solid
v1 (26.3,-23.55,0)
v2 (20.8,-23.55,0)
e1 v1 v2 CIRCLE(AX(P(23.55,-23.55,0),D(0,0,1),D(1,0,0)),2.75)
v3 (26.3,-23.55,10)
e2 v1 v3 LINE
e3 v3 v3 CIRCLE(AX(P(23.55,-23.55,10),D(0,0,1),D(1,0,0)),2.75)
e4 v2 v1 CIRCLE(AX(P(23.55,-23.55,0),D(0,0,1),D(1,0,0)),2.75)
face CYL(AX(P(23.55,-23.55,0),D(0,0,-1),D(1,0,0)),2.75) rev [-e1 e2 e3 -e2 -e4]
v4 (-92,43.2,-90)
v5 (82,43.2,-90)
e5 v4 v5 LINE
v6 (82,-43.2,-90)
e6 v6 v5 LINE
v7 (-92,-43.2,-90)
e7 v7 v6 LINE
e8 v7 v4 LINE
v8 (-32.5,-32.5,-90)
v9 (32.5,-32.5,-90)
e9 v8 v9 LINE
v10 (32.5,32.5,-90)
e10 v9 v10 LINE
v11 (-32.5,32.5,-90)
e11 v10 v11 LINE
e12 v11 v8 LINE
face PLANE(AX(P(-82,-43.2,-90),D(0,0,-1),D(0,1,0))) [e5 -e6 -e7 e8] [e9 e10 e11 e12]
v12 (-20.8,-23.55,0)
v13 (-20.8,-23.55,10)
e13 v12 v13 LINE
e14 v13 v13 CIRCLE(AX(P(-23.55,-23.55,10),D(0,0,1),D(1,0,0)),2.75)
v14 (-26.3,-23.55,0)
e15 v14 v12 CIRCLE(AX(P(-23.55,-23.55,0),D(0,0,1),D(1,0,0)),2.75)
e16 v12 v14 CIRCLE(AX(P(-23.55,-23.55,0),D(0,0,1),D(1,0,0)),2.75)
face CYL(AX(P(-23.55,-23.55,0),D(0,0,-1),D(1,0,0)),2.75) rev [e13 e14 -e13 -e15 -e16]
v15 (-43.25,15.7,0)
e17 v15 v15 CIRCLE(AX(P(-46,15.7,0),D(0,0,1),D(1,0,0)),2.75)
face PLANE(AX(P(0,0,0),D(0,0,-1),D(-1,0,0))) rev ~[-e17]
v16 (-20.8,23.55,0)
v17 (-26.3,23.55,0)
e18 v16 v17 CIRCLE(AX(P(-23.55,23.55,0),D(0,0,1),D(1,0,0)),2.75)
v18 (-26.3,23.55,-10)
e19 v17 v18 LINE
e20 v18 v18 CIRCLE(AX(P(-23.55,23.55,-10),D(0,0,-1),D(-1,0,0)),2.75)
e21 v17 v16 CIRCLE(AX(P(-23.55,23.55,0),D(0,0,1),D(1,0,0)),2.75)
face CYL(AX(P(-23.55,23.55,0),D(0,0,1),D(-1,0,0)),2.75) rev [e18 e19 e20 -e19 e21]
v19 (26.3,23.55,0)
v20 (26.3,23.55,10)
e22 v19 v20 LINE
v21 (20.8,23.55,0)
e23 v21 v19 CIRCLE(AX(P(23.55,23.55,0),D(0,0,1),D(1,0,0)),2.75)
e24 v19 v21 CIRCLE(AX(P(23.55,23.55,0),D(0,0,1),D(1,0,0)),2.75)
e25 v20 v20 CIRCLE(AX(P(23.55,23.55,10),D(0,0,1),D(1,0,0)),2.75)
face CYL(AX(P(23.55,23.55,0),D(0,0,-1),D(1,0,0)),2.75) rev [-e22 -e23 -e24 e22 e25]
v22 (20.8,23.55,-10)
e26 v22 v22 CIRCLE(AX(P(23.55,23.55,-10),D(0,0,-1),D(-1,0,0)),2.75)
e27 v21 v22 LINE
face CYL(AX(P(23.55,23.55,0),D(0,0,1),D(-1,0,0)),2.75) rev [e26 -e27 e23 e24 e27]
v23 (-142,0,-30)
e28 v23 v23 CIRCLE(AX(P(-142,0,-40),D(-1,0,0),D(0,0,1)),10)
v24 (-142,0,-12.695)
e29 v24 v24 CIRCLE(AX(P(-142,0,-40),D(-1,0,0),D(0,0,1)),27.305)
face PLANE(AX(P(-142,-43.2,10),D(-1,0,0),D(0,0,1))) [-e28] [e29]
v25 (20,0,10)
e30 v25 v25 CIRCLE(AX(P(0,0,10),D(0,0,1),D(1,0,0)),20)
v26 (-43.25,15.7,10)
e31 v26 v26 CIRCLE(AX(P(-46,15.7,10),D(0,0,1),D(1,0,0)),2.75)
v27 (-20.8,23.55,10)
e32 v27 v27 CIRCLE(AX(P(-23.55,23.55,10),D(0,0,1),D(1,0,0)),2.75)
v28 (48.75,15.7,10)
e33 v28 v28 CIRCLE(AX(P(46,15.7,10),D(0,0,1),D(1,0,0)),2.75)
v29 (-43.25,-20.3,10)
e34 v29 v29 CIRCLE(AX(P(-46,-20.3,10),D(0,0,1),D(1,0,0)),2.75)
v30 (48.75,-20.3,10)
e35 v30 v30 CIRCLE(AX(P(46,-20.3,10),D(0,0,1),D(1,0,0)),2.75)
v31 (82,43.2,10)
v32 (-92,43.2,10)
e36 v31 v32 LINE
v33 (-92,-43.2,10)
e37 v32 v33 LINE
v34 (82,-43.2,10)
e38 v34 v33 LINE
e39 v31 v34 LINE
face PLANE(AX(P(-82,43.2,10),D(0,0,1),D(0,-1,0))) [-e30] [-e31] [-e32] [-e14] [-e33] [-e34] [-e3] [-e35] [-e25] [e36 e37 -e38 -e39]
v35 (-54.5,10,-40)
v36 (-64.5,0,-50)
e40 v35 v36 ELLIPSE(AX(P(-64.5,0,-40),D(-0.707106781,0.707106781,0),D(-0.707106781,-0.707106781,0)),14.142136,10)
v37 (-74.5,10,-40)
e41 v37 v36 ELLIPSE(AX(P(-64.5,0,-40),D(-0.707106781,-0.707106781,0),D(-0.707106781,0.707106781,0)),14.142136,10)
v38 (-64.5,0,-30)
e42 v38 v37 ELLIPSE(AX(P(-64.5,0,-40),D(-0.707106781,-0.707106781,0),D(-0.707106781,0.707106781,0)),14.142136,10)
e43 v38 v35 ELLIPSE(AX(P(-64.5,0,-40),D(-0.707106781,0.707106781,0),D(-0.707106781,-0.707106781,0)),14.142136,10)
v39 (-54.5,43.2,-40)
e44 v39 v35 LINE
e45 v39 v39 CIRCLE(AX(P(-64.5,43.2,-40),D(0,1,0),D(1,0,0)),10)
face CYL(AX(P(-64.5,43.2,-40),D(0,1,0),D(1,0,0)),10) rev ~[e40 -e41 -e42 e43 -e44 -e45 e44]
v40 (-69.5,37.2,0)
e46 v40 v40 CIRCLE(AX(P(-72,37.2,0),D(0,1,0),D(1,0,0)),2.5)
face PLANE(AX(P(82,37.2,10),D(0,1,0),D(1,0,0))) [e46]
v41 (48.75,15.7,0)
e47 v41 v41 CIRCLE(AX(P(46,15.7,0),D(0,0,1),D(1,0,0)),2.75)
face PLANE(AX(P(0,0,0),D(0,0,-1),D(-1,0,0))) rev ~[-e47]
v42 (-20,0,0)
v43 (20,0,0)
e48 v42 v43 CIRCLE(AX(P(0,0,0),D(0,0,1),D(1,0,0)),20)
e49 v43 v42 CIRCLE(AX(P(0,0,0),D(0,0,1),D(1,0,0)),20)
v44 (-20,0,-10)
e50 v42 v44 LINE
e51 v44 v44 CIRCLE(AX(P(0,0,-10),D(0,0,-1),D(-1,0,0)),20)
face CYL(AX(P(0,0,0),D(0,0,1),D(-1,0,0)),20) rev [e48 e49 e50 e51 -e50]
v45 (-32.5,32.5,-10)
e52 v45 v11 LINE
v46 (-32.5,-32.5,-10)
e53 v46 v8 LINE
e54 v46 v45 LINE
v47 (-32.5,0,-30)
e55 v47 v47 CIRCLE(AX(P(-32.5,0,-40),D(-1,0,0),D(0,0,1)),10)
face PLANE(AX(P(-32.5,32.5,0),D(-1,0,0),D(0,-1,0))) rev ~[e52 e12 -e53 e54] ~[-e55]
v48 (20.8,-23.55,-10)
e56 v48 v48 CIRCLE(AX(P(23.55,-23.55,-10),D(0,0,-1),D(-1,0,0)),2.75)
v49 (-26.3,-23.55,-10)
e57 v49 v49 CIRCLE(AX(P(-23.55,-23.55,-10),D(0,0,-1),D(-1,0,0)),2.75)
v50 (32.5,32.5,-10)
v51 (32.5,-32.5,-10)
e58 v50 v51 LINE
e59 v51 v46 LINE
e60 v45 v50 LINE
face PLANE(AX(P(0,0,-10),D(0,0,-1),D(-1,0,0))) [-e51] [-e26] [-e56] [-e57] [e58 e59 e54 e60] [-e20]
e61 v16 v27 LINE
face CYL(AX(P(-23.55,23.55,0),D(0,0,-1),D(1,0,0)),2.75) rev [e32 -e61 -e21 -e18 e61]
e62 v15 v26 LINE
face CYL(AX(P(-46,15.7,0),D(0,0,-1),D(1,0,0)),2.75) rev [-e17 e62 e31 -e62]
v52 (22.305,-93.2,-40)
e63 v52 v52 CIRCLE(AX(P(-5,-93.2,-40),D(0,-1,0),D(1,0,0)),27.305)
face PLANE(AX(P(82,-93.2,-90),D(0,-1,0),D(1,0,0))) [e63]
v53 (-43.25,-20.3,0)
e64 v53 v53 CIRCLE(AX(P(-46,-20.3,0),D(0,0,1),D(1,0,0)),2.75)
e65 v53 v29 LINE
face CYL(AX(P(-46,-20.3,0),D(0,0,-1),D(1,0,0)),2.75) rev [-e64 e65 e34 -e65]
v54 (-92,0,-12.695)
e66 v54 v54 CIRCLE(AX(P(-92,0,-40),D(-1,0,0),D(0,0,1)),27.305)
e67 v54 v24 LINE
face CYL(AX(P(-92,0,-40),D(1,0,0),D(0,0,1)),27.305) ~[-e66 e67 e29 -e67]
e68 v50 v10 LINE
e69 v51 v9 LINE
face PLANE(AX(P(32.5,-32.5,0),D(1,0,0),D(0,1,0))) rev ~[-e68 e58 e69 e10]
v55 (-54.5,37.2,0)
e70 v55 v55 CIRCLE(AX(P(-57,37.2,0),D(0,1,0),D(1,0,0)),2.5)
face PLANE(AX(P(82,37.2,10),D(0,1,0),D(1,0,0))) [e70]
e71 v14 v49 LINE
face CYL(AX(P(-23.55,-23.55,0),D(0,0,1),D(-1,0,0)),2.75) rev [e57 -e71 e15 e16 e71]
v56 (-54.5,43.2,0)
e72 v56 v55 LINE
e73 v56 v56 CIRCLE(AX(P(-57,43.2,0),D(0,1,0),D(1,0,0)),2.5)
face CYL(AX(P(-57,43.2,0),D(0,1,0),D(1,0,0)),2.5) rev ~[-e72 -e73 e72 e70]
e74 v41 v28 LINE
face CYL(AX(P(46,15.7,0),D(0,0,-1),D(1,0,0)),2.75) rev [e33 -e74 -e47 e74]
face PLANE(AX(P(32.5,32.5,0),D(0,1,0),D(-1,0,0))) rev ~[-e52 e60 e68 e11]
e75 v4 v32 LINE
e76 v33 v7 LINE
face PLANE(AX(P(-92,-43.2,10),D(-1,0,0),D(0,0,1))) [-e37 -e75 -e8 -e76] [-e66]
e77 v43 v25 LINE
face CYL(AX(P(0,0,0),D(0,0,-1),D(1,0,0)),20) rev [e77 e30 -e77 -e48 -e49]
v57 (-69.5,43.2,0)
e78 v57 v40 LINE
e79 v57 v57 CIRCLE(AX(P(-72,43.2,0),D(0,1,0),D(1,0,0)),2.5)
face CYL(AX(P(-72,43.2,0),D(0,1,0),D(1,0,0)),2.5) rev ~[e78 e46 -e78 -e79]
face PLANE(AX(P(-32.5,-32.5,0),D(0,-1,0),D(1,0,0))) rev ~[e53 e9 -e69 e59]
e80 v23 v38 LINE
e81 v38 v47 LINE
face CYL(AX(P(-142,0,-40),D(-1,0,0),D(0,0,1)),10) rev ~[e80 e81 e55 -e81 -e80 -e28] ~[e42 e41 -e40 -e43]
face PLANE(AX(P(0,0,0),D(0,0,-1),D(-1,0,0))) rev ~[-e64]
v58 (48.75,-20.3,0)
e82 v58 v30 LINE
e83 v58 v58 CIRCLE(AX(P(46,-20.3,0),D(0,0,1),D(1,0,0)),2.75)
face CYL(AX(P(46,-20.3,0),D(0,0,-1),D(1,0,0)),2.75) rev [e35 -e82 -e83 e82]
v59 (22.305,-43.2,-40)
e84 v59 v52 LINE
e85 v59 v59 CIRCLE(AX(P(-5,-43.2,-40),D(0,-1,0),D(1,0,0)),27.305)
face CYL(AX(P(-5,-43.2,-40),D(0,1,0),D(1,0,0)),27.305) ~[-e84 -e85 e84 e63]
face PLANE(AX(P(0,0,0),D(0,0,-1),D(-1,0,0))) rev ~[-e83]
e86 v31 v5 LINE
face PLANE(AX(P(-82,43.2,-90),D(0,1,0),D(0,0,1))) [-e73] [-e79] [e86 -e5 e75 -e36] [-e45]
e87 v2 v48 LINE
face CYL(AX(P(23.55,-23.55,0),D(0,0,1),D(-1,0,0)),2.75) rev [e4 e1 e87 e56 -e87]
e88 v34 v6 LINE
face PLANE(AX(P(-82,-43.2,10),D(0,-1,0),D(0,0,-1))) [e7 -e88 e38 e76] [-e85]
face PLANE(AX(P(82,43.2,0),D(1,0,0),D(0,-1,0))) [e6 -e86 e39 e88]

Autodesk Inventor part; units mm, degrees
ref_plane "YZ Plane" through (0, 0, 0) normal (1, 0, 0) x (0, 1, 0)
ref_plane "XZ Plane" through (0, 0, 0) normal (0, 1, 0) x (-1, 0, 0)
ref_plane "XY Plane" through (0, 0, 0) normal (0, 0, 1) x (1, 0, 0)
sketch "Sketch1" plane through (0, 0, 0) normal (0, 0, 1) x (1, 0, 0)
  line L0 (-23.55, 23.55) -> (23.55, 23.55) construction
  line L1 (23.55, 23.55) -> (23.55, -23.55) construction
  line L2 (23.55, -23.55) -> (-23.55, -23.55) construction
  line L3 (-23.55, -23.55) -> (-23.55, 23.55) construction
  line L4 (0, 23.55) -> (0, -23.55) construction
  line L5 (-23.55, 0) -> (23.55, 0) construction
  circle A0 centre (-23.55, 23.55) radius 2.75
  circle A1 centre (23.55, 23.55) radius 2.75
  circle A2 centre (-23.55, -23.55) radius 2.75
  circle A3 centre (23.55, -23.55) radius 2.75
  circle A4 centre (0, 0) radius 20
  line L6 (-28.2, 28.2) -> (28.2, 28.2) construction
  line L7 (28.2, 28.2) -> (28.2, -28.2) construction
  line L8 (28.2, -28.2) -> (-28.2, -28.2) construction
  line L9 (-28.2, -28.2) -> (-28.2, 28.2) construction
  line L10 (-28.2, 0) -> (28.2, 0) construction
  line L11 (0, -28.2) -> (0, 28.2) construction
  line L12 (-60, 21.2) -> (-32, 21.2) construction
  line L13 (-32, 21.2) -> (-32, -25.8) construction
  line L14 (-32, -25.8) -> (-60, -25.8) construction
  line L15 (-60, -25.8) -> (-60, 21.2) construction
  line L16 (-46, 21.2) -> (-46, -25.8) construction
  line L17 (-60, -2.3) -> (-32, -2.3) construction
  circle A5 centre (-46, 15.7) radius 2.75
  circle A6 centre (-46, -20.3) radius 2.75
  line L18 (60, 21.2) -> (32, 21.2) construction
  line L19 (32, 21.2) -> (32, -25.8) construction
  line L20 (32, -25.8) -> (60, -25.8) construction
  line L21 (60, -25.8) -> (60, 21.2) construction
  line L22 (46, 21.2) -> (46, -25.8) construction
  line L23 (60, -2.3) -> (32, -2.3) construction
  circle A7 centre (46, 15.7) radius 2.75
  circle A8 centre (46, -20.3) radius 2.75
  line L24 (-82, 43.2) -> (82, 43.2)
  line L25 (82, 43.2) -> (82, -43.2)
  line L26 (82, -43.2) -> (-82, -43.2)
  line L27 (-82, -43.2) -> (-82, 43.2)
  point P0 (0, 0)
  dimension "d0" = 47.1
  dimension "d1" = 47.1
  dimension "d2" = 5.5
  dimension "d4" = 40
  dimension "d5" = 56.4
  dimension "d6" = 56.4
  dimension "d9" = 46
  dimension "d10" = 47
  dimension "d11" = 28
  dimension "d12" = 5.5
  dimension "d13" = 36
  dimension "d14" = 22
  dimension "d15" = 15
  dimension "d18" = 2.3
extrude "Extrusion1" add sketch "Sketch1" along normal blind 10
sketch "Sketch2" plane through (0, 0, 0) normal (0, 0, -1) x (-1, 0, 0)
  line L0 (32.5, -32.5) -> (-32.5, -32.5)
  line L1 (-32.5, -32.5) -> (-32.5, 32.5)
  line L2 (-32.5, 32.5) -> (32.5, 32.5)
  line L3 (32.5, 32.5) -> (32.5, -32.5)
  line L4 (0, 32.5) -> (0, -32.5) construction
  line L5 (-32.5, 0) -> (32.5, 0) construction
  line L6 (-82, -43.2) -> (-82, 43.2) projected
  line L7 (82, -43.2) -> (-82, -43.2) projected
  line L8 (-82, 43.2) -> (82, 43.2)
  line L9 (82, 43.2) -> (82, -43.2)
  line L10 (82, -43.2) -> (-82, -43.2)
  line L11 (-82, -43.2) -> (-82, 43.2)
  point P0 (0, 0)
  point P1 (0, 0)
  dimension "d19" = 65
  dimension "d20" = 65
extrude "Extrusion2" add sketch "Sketch2" along normal blind 90
sketch "Sketch3" plane through (0, 0, 0) normal (0, 0, -1) x (-1, 0, 0)
  line L0 (32.5, -32.5) -> (32.5, 32.5) projected
  line L1 (32.5, 32.5) -> (-32.5, 32.5) projected
  line L2 (-32.5, 32.5) -> (-32.5, -32.5) projected
  line L3 (-32.5, -32.5) -> (32.5, -32.5) projected
  circle A0 centre (23.55, 23.55) radius 2.75 projected
  circle A1 centre (-23.55, 23.55) radius 2.75 projected
  circle A2 centre (23.55, -23.55) radius 2.75 projected
  circle A3 centre (-23.55, -23.55) radius 2.75 projected
  circle A4 centre (0, 0) radius 20 projected
extrude "Extrusion3" add sketch "Sketch3" along normal blind 10
sketch "Sketch4" plane through (-82, -43.2, 10) normal (-1, 0, 0) x (0, 0, 1)
  line L0 (0, 0) -> (-100, 0) projected
  line L1 (0, 86.4) -> (0, 0) projected
  line L2 (-100, 86.4) -> (0, 86.4) projected
  line L3 (-100, 0) -> (-100, 86.4) projected
  point P0 (-10, 43.2)
extrude "Extrusion4" add sketch "Sketch4" along normal blind 10
sketch "Sketch5" plane through (82, -43.2, -90) normal (0, -1, 0) x (1, 0, 0)
  line L0 (-174, 0) -> (-174, 100) construction
  line L1 (-174, 50) -> (0, 50) construction
  line L2 (0, 0) -> (0, 100) construction
  line L3 (0, 100) -> (-174, 100) construction
  line L4 (-87, 100) -> (-87, 0) construction
  line L5 (0, 0) -> (-174, 0) construction
  circle A0 centre (-87, 50) radius 27.305
  point P0 (-82, 90)
  dimension "d27" = 54.61
extrude "Extrusion5" add sketch "Sketch5" along normal blind 50
sketch "Sketch6" plane through (-92, -43.2, 10) normal (-1, 0, 0) x (0, 0, 1)
  line L0 (-100, 75.7) -> (-100, 10.7) construction
  line L1 (-100, 43.2) -> (0, 43.2) construction
  line L2 (0, 0) -> (0, 86.4) construction
  line L3 (-100, 86.4) -> (0, 86.4) construction
  line L4 (-50, 86.4) -> (-50, 0) construction
  line L5 (-100, 0) -> (0, 0) construction
  circle A0 centre (-50, 43.2) radius 27.305
  point P0 (-10, 43.2)
  dimension "d30" = 54.61
extrude "Extrusion6" add sketch "Sketch6" along normal blind 50
sketch "Sketch7" plane through (-142, 0, -40) normal (-1, 0, 0) x (0, 0, 1)
  circle A0 centre (0, 0) radius 27.305 projected
  circle A1 centre (0, 0) radius 10
  point P0 (40, 0)
  dimension "d33" = 20
extrude "Extrusion7" cut sketch "Sketch7" against normal up to surface (109.5 mm away) contours A1
sketch "Sketch8" plane through (82, 43.2, 10) normal (0, 1, 0) x (1, 0, 0)
  line L0 (-174, 100) -> (-174, 0) construction
  line L1 (-174, 0) -> (-154, 0) construction
  line L2 (-154, 0) -> (-154, 10) construction
  line L3 (-154, 10) -> (-174, 10) construction
  line L4 (-174, 10) -> (-174, 0) construction
  line L5 (0, 0) -> (-174, 0) construction
  line L6 (-154, 10) -> (-139, 10) construction
  line L7 (-139, 10) -> (-139, 0) construction
  line L8 (-139, 0) -> (-154, 0) construction
  line L9 (-154, 0) -> (-154, 10) construction
  circle A0 centre (-139, 10) radius 2.5
  circle A1 centre (-154, 10) radius 2.5
  point P0 (-82, 10)
  dimension "d36" = 20
  dimension "d37" = 10
  dimension "d38" = 15
  dimension "d39" = 5
  dimension "d40" = 5
extrude "Extrusion8" cut sketch "Sketch8" against normal blind 6
sketch "Sketch9" plane through (82, 43.2, 10) normal (0, 1, 0) x (1, 0, 0)
  line L0 (-174, 0) -> (-174, 100) construction
  line L1 (-174, 50) -> (0, 50) construction
  line L2 (0, 100) -> (0, 0) construction
  circle A0 centre (-139, 10) radius 2.5 construction
  circle A1 centre (-154, 10) radius 2.5 construction
  line L3 (-139, 10) -> (-154, 10) construction
  line L4 (-146.5, 10) -> (-146.5, 50) construction
  circle A2 centre (-146.5, 50) radius 10
  point P0 (-82, 10)
  dimension "d43" = 20
extrude "Extrusion9" cut sketch "Sketch9" against normal blind 43.2
properties part number "driver_L"
